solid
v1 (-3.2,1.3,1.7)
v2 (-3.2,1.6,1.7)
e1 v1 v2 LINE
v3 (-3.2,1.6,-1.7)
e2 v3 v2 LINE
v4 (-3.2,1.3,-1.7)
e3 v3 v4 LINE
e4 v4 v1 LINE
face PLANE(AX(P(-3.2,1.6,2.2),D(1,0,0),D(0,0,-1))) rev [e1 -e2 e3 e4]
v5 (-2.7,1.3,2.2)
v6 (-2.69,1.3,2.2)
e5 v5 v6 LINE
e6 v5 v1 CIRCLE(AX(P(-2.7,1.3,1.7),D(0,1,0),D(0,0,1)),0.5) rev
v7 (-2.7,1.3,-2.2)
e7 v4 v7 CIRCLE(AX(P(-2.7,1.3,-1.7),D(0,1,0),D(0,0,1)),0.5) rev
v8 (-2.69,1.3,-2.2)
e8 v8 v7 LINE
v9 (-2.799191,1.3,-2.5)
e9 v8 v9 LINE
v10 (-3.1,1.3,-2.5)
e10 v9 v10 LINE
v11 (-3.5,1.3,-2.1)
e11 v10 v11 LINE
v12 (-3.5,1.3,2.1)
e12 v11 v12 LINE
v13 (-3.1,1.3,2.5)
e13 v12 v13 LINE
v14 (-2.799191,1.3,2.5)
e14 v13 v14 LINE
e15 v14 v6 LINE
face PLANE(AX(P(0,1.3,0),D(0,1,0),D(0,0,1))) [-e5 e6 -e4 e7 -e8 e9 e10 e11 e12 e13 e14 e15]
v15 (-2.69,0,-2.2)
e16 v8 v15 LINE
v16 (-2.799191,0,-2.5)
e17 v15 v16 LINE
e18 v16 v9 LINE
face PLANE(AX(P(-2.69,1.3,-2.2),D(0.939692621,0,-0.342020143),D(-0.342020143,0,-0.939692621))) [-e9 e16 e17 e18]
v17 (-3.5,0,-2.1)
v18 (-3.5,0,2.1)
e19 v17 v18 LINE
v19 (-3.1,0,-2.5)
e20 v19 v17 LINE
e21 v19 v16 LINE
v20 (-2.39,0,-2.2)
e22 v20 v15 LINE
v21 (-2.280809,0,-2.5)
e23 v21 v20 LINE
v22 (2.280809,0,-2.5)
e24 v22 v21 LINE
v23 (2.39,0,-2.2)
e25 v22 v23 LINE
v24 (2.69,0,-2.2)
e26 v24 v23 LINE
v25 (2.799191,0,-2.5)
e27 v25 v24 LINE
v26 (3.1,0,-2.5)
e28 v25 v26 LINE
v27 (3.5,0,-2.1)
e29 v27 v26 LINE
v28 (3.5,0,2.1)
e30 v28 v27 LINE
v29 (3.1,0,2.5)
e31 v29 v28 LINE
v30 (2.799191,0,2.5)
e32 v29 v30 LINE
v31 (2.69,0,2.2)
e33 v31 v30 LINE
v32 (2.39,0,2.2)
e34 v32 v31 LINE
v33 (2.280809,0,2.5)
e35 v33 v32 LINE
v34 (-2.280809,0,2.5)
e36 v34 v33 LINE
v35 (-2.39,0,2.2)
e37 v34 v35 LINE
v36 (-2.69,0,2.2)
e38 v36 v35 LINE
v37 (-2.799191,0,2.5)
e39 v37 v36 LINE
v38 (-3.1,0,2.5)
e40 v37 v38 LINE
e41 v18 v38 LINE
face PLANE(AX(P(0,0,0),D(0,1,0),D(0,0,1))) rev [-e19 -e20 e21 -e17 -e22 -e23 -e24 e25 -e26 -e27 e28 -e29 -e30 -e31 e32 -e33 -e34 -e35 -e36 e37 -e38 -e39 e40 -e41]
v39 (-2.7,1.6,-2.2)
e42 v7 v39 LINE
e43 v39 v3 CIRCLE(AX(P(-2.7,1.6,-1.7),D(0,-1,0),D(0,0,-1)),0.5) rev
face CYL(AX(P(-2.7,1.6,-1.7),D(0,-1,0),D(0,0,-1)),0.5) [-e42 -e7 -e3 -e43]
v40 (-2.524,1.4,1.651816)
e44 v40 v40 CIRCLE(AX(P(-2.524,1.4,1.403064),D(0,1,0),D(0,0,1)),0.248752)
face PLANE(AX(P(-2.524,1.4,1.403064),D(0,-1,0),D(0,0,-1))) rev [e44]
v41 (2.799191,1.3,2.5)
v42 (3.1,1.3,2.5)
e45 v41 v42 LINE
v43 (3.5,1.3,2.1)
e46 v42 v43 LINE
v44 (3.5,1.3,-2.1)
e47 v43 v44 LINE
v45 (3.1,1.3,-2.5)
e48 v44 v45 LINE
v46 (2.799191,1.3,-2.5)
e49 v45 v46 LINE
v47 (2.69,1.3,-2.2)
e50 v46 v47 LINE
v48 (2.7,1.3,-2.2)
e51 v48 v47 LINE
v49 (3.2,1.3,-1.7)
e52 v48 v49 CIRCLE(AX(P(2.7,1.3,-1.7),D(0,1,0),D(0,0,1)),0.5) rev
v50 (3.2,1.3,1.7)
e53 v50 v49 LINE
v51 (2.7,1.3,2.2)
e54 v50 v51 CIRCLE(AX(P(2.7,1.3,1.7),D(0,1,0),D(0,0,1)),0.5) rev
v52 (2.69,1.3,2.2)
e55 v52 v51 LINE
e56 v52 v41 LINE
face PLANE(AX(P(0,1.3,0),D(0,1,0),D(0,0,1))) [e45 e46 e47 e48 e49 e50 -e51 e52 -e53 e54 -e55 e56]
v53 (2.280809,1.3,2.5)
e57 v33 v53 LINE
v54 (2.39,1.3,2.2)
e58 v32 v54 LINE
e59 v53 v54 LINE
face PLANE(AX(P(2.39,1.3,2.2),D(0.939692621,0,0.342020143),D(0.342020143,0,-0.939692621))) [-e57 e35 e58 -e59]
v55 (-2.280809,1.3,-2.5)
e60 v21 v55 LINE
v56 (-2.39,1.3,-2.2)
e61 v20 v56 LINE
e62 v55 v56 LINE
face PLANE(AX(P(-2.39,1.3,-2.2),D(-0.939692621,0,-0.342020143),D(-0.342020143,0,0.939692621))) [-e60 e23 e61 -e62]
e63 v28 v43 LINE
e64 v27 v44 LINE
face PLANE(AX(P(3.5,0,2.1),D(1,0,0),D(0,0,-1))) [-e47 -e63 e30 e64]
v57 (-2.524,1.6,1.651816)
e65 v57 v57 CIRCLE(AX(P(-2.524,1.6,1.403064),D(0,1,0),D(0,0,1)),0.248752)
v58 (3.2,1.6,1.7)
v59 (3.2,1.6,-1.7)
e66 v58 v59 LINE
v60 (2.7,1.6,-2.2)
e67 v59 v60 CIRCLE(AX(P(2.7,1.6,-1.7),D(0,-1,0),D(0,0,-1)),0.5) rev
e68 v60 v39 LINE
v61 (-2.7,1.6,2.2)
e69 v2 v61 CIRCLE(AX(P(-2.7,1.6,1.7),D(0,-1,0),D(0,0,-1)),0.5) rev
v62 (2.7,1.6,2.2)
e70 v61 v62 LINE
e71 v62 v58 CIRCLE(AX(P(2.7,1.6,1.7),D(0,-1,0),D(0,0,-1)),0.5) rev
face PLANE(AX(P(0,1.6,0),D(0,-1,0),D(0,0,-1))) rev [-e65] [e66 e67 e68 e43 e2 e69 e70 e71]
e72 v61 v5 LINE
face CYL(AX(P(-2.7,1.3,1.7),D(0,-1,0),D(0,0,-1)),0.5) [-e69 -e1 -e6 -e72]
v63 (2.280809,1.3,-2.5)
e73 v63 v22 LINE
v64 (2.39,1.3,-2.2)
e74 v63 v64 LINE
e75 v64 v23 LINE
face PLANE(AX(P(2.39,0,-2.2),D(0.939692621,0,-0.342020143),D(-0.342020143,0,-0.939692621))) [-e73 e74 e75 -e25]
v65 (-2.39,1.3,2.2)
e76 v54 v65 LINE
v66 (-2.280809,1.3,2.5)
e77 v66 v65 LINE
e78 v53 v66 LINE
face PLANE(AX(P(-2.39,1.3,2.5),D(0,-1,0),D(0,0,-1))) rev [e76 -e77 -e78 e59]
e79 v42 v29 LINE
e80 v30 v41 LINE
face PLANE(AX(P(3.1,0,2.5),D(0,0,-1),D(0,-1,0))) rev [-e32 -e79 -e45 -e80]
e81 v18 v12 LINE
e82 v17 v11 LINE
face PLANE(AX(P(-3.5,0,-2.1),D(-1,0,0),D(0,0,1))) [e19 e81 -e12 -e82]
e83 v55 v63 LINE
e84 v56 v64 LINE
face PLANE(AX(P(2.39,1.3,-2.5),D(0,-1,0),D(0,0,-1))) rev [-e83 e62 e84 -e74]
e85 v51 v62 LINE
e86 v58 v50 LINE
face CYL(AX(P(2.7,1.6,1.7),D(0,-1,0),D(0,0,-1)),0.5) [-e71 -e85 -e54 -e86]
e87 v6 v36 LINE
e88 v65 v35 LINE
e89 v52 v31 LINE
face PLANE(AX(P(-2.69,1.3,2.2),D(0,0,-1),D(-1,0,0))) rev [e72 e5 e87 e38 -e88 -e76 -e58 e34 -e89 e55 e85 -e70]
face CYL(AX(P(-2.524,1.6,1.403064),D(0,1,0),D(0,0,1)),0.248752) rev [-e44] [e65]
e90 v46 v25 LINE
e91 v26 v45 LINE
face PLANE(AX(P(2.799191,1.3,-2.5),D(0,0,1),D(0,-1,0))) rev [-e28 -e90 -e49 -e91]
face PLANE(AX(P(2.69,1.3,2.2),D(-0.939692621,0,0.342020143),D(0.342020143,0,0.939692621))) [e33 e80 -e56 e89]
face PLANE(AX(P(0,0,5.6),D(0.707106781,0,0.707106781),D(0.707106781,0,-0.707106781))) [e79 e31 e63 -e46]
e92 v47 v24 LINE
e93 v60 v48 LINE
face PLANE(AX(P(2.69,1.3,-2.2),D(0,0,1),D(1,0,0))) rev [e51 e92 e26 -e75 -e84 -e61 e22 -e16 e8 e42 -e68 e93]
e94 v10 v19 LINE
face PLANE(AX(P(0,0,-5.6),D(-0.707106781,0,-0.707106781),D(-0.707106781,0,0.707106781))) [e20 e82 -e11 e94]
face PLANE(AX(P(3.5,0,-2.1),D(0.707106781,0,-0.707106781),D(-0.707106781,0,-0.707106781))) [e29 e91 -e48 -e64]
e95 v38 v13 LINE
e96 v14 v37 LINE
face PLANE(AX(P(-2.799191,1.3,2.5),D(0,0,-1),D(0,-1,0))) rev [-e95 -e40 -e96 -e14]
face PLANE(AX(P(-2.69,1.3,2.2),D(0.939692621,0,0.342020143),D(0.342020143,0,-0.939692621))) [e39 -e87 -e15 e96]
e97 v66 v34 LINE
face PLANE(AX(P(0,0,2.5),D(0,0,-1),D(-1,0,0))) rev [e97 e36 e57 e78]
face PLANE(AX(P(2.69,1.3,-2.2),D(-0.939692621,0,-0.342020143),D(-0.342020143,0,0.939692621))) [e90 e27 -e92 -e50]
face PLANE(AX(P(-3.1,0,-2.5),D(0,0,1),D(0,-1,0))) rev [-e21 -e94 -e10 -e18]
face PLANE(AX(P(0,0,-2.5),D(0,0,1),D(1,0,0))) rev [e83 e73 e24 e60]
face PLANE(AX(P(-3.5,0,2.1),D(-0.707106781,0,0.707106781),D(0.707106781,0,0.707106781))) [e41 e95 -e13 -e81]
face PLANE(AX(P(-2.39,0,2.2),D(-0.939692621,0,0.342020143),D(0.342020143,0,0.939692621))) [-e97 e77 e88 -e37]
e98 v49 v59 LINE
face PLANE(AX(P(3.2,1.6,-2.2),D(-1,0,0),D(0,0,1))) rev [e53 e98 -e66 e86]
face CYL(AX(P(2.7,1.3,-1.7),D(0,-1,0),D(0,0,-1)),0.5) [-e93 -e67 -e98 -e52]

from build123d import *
from OCP.BRepFilletAPI import BRepFilletAPI_MakeChamfer

# Parameters (mm, degrees)
BOSS_EXTRUDE1_DEPTH = 1.3
CUT_EXTRUDE1_DEPTH  = 7.730527468
CUT_EXTRUDE2_DEPTH  = 7.730527468
SKETCH4_W           = 6.4
SKETCH4_H           = 4.4
BOSS_EXTRUDE2_DEPTH = 0.3
SKETCH5_W           = 4.78
SKETCH5_H           = 1.3
BOSS_EXTRUDE3_DEPTH = 0.3
SKETCH6_W           = 4.78
SKETCH6_H           = 1.3
BOSS_EXTRUDE4_DEPTH = 0.3
DRAFT1_ANGLE        = 20
DRAFT2_ANGLE        = 20
HOLE1_D             = 0.497503641
HOLE1_DEPTH         = 0.2
CHAMFER1_SIZE       = 0.234692934
CHAMFER1_SIZE2      = 0.311889554
CHAMFER2_SIZE       = 0.311889554
CHAMFER2_SIZE2      = 0.234692934
FILLET1_R           = 0.5


with BuildPart() as part:
    # Sketch1 → Boss-Extrude1 (new body)
    with BuildSketch(Plane(origin=(0, 1.3, 0), x_dir=(1, 0, 0), z_dir=(0, 1, 0))):
        Polygon((3.5, 2.1), (0, 5.6), (-3.5, 2.1), (-3.5, -2.1), (0, -5.6), (3.5, -2.1), align=None)
    extrude(amount=-BOSS_EXTRUDE1_DEPTH)

    # Sketch2 → Cut-Extrude1 (cut, through all)
    with BuildSketch(Plane.XZ):
        Polygon((0, -5.6), (2.69, -2.91), (2.69, -2.2), (-2.69, -2.2), (-2.69, -2.91), align=None)
    extrude(amount=-CUT_EXTRUDE1_DEPTH, mode=Mode.SUBTRACT)

    # Sketch3 → Cut-Extrude2 (cut, through all)
    with BuildSketch(Plane.XZ):
        Polygon((2.69, 2.2), (2.69, 2.91), (0, 5.6), (-2.69, 2.91), (-2.69, 2.2), align=None)
    extrude(amount=-CUT_EXTRUDE2_DEPTH, mode=Mode.SUBTRACT)

    # Sketch4 → Boss-Extrude2 (add)
    with BuildSketch(Plane(origin=(0, 1.3, 0), x_dir=(-1, 0, 0), z_dir=(0, 1, 0))):
        Rectangle(SKETCH4_W, SKETCH4_H)
    extrude(amount=BOSS_EXTRUDE2_DEPTH)

    # Sketch5 → Boss-Extrude3 (add)
    with BuildSketch(Plane.XY.offset(2.2)):
        with Locations((0, 0.65)):
            Rectangle(SKETCH5_W, SKETCH5_H)
    extrude(amount=BOSS_EXTRUDE3_DEPTH)

    # Sketch6 → Boss-Extrude4 (add)
    with BuildSketch(Plane(origin=(0, 0, -2.2), x_dir=(-1, 0, 0), z_dir=(0, 0, -1))):
        with Locations((0, 0.65)):
            Rectangle(SKETCH6_W, SKETCH6_H)
    extrude(amount=BOSS_EXTRUDE4_DEPTH)

    # Draft1
    draft1_faces = [part.faces().sort_by_distance(p)[0] for p in [
        (-2.69, 0.65, -2.555),
        (-2.39, 0.65, -2.35),
        (2.39, 0.65, -2.35),
        (2.69, 0.65, -2.555),
    ]]
    draft(draft1_faces, Plane(origin=(2.69, 1.3, -2.2), x_dir=(-1, 0, 0), z_dir=(0, 0, -1)), DRAFT1_ANGLE)

    # Draft2
    draft2_faces = [part.faces().sort_by_distance(p)[0] for p in [
        (2.69, 0.65, 2.555),
        (2.39, 0.65, 2.35),
        (-2.39, 0.65, 2.35),
        (-2.69, 0.65, 2.555),
    ]]
    draft(draft2_faces, Plane(origin=(-2.69, 1.3, 2.2), x_dir=(1, 0, 0), z_dir=(0, 0, 1)), DRAFT2_ANGLE)

    # Hole1
    with Locations(Plane(origin=(0, 1.6, 0), x_dir=(1, 0, 0), z_dir=(0, 1, 0))):
        with Locations((-2.524000409, -1.40306368)):
            Hole(HOLE1_D / 2, depth=HOLE1_DEPTH)

    # Chamfer1: one chamfer whose edges measure the first distance from different faces: ONE call of the kernel's chamfer builder (chamfer() names one face for all edges)
    chamfer1_edges_1 = [part.edges().sort_by_distance(p)[0] for p in [
        (-2.879460781, 0.65, -2.720539219),
    ]]
    chamfer1_side_1 = [part.faces().sort_by_distance(p)[0] for p in [
        (-2.784730391, 0.65, -2.460269609),
    ]]
    chamfer1_edges_2 = [part.edges().sort_by_distance(p)[0] for p in [
        (2.879460781, 0.65, 2.720539219),
    ]]
    chamfer1_side_2 = [part.faces().sort_by_distance(p)[0] for p in [
        (2.784730391, 0.65, 2.460269609),
    ]]
    chamfer1 = BRepFilletAPI_MakeChamfer(part.part.solid().wrapped)
    for e in chamfer1_edges_1:
        chamfer1.Add(CHAMFER1_SIZE, CHAMFER1_SIZE2, e.wrapped, chamfer1_side_1[0].wrapped)  # the first distance lies on this face
    for e in chamfer1_edges_2:
        chamfer1.Add(CHAMFER1_SIZE, CHAMFER1_SIZE2, e.wrapped, chamfer1_side_2[0].wrapped)  # the first distance lies on this face
    add(Compound.cast(chamfer1.Shape()), mode=Mode.REPLACE)

    # Chamfer2: one chamfer whose edges measure the first distance from different faces: ONE call of the kernel's chamfer builder (chamfer() names one face for all edges)
    chamfer2_edges_1 = [part.edges().sort_by_distance(p)[0] for p in [
        (2.879460781, 0.65, -2.720539219),
    ]]
    chamfer2_side_1 = [part.faces().sort_by_distance(p)[0] for p in [
        (3.189730391, 0.65, -2.410269609),
    ]]
    chamfer2_edges_2 = [part.edges().sort_by_distance(p)[0] for p in [
        (-2.879460781, 0.65, 2.720539219),
    ]]
    chamfer2_side_2 = [part.faces().sort_by_distance(p)[0] for p in [
        (-3.189730391, 0.65, 2.410269609),
    ]]
    chamfer2 = BRepFilletAPI_MakeChamfer(part.part.solid().wrapped)
    for e in chamfer2_edges_1:
        chamfer2.Add(CHAMFER2_SIZE, CHAMFER2_SIZE2, e.wrapped, chamfer2_side_1[0].wrapped)  # the first distance lies on this face
    for e in chamfer2_edges_2:
        chamfer2.Add(CHAMFER2_SIZE, CHAMFER2_SIZE2, e.wrapped, chamfer2_side_2[0].wrapped)  # the first distance lies on this face
    add(Compound.cast(chamfer2.Shape()), mode=Mode.REPLACE)

    # Fillet1
    fillet1_edges = [part.edges().sort_by_distance(p)[0] for p in [
        (3.2, 1.45, -2.2),
        (-3.2, 1.45, -2.2),
        (-3.2, 1.45, 2.2),
        (3.2, 1.45, 2.2),
    ]]
    fillet(fillet1_edges, radius=FILLET1_R)


solid = part.part
